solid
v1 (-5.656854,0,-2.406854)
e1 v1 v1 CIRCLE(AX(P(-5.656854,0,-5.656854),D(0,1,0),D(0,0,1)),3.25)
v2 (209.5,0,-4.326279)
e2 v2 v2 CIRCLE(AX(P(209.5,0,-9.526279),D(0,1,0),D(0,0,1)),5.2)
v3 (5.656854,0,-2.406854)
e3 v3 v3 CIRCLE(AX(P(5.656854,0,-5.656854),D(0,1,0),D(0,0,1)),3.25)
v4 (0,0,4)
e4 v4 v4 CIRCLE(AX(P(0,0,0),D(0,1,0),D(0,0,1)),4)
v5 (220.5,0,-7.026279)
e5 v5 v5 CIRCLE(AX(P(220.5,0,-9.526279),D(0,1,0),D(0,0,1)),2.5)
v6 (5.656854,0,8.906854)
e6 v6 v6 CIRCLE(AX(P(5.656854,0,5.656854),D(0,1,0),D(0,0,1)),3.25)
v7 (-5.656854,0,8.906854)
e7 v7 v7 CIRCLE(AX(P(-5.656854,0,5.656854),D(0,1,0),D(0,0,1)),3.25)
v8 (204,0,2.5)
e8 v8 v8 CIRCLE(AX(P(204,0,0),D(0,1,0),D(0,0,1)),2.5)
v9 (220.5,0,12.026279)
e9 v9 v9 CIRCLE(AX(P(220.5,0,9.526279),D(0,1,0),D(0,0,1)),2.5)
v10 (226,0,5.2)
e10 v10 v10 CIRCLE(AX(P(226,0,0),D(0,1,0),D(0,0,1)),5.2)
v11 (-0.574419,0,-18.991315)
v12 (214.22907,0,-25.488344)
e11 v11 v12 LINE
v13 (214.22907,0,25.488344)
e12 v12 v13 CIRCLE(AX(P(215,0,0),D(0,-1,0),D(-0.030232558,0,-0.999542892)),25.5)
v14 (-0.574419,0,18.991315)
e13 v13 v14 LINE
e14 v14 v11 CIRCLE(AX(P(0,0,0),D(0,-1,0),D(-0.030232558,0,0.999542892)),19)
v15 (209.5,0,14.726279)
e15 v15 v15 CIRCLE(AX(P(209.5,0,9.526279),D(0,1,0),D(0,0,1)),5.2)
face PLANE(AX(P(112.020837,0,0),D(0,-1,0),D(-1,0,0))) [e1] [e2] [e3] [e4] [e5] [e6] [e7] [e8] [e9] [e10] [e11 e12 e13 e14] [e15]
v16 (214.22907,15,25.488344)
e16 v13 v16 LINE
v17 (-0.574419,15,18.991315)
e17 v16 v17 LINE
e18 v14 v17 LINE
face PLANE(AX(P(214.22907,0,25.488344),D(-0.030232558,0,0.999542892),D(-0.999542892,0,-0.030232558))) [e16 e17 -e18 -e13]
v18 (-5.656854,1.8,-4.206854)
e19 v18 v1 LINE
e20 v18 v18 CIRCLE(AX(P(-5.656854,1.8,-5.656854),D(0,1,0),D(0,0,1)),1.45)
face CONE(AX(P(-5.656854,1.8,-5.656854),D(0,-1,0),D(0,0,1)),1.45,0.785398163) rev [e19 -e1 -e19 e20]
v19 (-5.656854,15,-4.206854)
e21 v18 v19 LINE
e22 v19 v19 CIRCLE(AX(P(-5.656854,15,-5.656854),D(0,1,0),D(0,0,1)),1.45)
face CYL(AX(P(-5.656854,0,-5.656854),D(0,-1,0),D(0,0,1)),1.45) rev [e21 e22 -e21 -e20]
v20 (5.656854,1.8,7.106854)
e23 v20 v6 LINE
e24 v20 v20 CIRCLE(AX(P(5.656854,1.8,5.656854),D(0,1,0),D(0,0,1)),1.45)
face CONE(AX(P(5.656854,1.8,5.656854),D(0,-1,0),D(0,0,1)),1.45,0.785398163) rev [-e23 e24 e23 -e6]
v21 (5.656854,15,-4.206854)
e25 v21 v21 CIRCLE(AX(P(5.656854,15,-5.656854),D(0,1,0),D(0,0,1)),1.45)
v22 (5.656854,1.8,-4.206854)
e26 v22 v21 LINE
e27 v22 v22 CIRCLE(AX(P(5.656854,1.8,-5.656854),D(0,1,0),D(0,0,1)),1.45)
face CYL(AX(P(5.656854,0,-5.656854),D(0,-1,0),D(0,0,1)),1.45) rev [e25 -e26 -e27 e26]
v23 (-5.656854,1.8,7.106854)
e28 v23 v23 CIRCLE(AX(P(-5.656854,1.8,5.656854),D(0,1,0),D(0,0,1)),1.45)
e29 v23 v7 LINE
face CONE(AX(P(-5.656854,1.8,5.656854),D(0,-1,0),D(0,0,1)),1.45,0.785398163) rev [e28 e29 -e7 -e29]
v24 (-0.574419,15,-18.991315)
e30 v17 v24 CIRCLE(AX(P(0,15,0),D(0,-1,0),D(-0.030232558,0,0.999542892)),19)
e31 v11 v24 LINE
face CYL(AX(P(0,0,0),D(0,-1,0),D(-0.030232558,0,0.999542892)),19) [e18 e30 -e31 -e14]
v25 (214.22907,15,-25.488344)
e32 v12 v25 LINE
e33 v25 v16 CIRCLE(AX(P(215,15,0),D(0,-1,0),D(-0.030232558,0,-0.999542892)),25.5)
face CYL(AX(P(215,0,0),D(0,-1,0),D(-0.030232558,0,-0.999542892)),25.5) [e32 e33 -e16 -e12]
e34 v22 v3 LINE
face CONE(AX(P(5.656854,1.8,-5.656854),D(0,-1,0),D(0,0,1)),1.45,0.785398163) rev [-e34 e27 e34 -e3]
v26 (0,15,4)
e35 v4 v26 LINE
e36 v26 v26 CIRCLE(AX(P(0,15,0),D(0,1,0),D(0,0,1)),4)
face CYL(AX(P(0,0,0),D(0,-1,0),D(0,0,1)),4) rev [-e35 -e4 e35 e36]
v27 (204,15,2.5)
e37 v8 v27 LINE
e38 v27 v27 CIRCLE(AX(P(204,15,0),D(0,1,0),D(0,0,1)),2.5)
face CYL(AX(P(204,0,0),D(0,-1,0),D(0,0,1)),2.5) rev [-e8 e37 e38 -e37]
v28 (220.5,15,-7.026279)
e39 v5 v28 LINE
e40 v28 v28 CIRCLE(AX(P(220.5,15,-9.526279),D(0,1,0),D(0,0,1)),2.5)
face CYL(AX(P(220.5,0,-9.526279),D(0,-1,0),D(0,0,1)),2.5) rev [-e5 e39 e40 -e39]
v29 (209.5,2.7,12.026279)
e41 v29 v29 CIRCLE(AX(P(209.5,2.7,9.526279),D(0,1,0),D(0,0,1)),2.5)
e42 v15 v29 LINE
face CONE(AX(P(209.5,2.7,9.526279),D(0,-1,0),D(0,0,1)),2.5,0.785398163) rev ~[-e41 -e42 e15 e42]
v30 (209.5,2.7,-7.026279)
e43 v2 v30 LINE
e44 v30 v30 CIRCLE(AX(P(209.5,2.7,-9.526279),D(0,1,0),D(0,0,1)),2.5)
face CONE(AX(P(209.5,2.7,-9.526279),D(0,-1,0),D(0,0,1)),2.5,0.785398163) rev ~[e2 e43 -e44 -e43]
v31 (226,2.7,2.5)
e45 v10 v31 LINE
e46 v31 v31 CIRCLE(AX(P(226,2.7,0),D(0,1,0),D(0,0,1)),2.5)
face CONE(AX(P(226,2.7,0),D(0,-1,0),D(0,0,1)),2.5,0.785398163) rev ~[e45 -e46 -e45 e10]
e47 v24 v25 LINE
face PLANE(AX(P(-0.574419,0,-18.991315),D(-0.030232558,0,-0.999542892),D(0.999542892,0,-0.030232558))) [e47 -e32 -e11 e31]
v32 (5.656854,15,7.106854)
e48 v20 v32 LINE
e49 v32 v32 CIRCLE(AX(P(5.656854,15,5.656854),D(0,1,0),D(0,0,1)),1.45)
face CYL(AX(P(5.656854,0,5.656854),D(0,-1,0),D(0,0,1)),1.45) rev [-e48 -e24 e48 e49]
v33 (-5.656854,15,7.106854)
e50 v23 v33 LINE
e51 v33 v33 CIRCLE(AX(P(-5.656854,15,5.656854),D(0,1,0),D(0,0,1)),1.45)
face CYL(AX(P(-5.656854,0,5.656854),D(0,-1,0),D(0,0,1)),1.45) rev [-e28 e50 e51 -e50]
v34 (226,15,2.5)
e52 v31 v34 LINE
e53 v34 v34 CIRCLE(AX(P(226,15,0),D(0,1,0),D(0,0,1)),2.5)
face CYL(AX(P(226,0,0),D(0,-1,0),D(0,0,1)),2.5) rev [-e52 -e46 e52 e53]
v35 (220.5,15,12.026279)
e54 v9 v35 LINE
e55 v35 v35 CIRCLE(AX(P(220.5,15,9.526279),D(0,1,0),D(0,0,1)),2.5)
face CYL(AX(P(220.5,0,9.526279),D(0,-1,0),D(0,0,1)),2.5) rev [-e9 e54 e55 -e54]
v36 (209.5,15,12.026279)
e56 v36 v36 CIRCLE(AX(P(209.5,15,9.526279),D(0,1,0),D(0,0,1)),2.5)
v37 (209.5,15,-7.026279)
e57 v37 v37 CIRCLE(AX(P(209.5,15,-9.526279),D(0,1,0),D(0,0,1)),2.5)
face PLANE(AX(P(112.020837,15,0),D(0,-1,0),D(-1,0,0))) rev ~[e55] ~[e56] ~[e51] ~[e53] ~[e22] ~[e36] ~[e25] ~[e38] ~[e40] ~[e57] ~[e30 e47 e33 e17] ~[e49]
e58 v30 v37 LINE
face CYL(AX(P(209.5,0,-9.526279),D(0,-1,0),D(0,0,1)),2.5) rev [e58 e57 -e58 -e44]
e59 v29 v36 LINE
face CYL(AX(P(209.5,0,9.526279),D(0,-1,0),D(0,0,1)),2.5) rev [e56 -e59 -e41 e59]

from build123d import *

# Parameters (mm, degrees)
SKETCH_1_R      = 4
SKETCH_1_R_2    = 2.5
SKETCH_1_R_3    = 1.45
EXTRUDE_1_DEPTH = 15
CHAMFER_1_SIZE  = 1.8
CHAMFER_2_SIZE  = 2.7


with BuildPart() as part:
    # 草图1 → 凸台-拉伸1 (new body)
    with BuildSketch(Plane(origin=(0, 0, 0), x_dir=(1, 0, 0), z_dir=(0, 1, 0))):
        with BuildLine():
            Line((-0.574418605, 18.991314943), (214.229069767, 25.488343739))
            ThreePointArc((214.229069767, 25.488343739), (240.5, 0), (214.229069767, -25.488343739))
            Line((214.229069767, -25.488343739), (-0.574418605, -18.991314943))
            ThreePointArc((-0.574418605, -18.991314943), (-19, 0), (-0.574418605, 18.991314943))
        make_face()
        with Locations(Location((0, 0, 0), (0, 0, 270))):
            Circle(SKETCH_1_R, mode=Mode.SUBTRACT)
        with Locations(Location((209.5, 9.526279442, 0), (0, 0, 270))):
            Circle(SKETCH_1_R_2, mode=Mode.SUBTRACT)
        with Locations(Location((220.5, 9.526279442, 0), (0, 0, 270))):
            Circle(SKETCH_1_R_2, mode=Mode.SUBTRACT)
        with Locations(Location((226, 0, 0), (0, 0, 270))):
            Circle(SKETCH_1_R_2, mode=Mode.SUBTRACT)
        with Locations(Location((220.5, -9.526279442, 0), (0, 0, 270))):
            Circle(SKETCH_1_R_2, mode=Mode.SUBTRACT)
        with Locations(Location((209.5, -9.526279442, 0), (0, 0, 270))):
            Circle(SKETCH_1_R_2, mode=Mode.SUBTRACT)
        with Locations(Location((204, 0, 0), (0, 0, 270))):
            Circle(SKETCH_1_R_2, mode=Mode.SUBTRACT)
        with Locations(Location((-5.656854249, 5.656854249, 0), (0, 0, 270))):
            Circle(SKETCH_1_R_3, mode=Mode.SUBTRACT)
        with Locations(Location((5.656854249, 5.656854249, 0), (0, 0, 270))):
            Circle(SKETCH_1_R_3, mode=Mode.SUBTRACT)
        with Locations(Location((5.656854249, -5.656854249, 0), (0, 0, 270))):
            Circle(SKETCH_1_R_3, mode=Mode.SUBTRACT)
        with Locations(Location((-5.656854249, -5.656854249, 0), (0, 0, 270))):
            Circle(SKETCH_1_R_3, mode=Mode.SUBTRACT)
    extrude(amount=EXTRUDE_1_DEPTH)

    # 倒角1
    chamfer_1_edges = [part.edges().sort_by_distance(p)[0] for p in [
        (5.656854249, 0, -7.106854249),
        (-5.656854249, 0, -7.106854249),
        (5.656854249, 0, 4.206854249),
        (-5.656854249, 0, 4.206854249),
    ]]
    chamfer(chamfer_1_edges, length=CHAMFER_1_SIZE)

    # 倒角2
    chamfer_2_edges = [part.edges().sort_by_distance(p)[0] for p in [
        (209.5, 0, -12.026279442),
        (226, 0, -2.5),
        (209.5, 0, 7.026279442),
    ]]
    chamfer(chamfer_2_edges, length=CHAMFER_2_SIZE)


solid = part.part
